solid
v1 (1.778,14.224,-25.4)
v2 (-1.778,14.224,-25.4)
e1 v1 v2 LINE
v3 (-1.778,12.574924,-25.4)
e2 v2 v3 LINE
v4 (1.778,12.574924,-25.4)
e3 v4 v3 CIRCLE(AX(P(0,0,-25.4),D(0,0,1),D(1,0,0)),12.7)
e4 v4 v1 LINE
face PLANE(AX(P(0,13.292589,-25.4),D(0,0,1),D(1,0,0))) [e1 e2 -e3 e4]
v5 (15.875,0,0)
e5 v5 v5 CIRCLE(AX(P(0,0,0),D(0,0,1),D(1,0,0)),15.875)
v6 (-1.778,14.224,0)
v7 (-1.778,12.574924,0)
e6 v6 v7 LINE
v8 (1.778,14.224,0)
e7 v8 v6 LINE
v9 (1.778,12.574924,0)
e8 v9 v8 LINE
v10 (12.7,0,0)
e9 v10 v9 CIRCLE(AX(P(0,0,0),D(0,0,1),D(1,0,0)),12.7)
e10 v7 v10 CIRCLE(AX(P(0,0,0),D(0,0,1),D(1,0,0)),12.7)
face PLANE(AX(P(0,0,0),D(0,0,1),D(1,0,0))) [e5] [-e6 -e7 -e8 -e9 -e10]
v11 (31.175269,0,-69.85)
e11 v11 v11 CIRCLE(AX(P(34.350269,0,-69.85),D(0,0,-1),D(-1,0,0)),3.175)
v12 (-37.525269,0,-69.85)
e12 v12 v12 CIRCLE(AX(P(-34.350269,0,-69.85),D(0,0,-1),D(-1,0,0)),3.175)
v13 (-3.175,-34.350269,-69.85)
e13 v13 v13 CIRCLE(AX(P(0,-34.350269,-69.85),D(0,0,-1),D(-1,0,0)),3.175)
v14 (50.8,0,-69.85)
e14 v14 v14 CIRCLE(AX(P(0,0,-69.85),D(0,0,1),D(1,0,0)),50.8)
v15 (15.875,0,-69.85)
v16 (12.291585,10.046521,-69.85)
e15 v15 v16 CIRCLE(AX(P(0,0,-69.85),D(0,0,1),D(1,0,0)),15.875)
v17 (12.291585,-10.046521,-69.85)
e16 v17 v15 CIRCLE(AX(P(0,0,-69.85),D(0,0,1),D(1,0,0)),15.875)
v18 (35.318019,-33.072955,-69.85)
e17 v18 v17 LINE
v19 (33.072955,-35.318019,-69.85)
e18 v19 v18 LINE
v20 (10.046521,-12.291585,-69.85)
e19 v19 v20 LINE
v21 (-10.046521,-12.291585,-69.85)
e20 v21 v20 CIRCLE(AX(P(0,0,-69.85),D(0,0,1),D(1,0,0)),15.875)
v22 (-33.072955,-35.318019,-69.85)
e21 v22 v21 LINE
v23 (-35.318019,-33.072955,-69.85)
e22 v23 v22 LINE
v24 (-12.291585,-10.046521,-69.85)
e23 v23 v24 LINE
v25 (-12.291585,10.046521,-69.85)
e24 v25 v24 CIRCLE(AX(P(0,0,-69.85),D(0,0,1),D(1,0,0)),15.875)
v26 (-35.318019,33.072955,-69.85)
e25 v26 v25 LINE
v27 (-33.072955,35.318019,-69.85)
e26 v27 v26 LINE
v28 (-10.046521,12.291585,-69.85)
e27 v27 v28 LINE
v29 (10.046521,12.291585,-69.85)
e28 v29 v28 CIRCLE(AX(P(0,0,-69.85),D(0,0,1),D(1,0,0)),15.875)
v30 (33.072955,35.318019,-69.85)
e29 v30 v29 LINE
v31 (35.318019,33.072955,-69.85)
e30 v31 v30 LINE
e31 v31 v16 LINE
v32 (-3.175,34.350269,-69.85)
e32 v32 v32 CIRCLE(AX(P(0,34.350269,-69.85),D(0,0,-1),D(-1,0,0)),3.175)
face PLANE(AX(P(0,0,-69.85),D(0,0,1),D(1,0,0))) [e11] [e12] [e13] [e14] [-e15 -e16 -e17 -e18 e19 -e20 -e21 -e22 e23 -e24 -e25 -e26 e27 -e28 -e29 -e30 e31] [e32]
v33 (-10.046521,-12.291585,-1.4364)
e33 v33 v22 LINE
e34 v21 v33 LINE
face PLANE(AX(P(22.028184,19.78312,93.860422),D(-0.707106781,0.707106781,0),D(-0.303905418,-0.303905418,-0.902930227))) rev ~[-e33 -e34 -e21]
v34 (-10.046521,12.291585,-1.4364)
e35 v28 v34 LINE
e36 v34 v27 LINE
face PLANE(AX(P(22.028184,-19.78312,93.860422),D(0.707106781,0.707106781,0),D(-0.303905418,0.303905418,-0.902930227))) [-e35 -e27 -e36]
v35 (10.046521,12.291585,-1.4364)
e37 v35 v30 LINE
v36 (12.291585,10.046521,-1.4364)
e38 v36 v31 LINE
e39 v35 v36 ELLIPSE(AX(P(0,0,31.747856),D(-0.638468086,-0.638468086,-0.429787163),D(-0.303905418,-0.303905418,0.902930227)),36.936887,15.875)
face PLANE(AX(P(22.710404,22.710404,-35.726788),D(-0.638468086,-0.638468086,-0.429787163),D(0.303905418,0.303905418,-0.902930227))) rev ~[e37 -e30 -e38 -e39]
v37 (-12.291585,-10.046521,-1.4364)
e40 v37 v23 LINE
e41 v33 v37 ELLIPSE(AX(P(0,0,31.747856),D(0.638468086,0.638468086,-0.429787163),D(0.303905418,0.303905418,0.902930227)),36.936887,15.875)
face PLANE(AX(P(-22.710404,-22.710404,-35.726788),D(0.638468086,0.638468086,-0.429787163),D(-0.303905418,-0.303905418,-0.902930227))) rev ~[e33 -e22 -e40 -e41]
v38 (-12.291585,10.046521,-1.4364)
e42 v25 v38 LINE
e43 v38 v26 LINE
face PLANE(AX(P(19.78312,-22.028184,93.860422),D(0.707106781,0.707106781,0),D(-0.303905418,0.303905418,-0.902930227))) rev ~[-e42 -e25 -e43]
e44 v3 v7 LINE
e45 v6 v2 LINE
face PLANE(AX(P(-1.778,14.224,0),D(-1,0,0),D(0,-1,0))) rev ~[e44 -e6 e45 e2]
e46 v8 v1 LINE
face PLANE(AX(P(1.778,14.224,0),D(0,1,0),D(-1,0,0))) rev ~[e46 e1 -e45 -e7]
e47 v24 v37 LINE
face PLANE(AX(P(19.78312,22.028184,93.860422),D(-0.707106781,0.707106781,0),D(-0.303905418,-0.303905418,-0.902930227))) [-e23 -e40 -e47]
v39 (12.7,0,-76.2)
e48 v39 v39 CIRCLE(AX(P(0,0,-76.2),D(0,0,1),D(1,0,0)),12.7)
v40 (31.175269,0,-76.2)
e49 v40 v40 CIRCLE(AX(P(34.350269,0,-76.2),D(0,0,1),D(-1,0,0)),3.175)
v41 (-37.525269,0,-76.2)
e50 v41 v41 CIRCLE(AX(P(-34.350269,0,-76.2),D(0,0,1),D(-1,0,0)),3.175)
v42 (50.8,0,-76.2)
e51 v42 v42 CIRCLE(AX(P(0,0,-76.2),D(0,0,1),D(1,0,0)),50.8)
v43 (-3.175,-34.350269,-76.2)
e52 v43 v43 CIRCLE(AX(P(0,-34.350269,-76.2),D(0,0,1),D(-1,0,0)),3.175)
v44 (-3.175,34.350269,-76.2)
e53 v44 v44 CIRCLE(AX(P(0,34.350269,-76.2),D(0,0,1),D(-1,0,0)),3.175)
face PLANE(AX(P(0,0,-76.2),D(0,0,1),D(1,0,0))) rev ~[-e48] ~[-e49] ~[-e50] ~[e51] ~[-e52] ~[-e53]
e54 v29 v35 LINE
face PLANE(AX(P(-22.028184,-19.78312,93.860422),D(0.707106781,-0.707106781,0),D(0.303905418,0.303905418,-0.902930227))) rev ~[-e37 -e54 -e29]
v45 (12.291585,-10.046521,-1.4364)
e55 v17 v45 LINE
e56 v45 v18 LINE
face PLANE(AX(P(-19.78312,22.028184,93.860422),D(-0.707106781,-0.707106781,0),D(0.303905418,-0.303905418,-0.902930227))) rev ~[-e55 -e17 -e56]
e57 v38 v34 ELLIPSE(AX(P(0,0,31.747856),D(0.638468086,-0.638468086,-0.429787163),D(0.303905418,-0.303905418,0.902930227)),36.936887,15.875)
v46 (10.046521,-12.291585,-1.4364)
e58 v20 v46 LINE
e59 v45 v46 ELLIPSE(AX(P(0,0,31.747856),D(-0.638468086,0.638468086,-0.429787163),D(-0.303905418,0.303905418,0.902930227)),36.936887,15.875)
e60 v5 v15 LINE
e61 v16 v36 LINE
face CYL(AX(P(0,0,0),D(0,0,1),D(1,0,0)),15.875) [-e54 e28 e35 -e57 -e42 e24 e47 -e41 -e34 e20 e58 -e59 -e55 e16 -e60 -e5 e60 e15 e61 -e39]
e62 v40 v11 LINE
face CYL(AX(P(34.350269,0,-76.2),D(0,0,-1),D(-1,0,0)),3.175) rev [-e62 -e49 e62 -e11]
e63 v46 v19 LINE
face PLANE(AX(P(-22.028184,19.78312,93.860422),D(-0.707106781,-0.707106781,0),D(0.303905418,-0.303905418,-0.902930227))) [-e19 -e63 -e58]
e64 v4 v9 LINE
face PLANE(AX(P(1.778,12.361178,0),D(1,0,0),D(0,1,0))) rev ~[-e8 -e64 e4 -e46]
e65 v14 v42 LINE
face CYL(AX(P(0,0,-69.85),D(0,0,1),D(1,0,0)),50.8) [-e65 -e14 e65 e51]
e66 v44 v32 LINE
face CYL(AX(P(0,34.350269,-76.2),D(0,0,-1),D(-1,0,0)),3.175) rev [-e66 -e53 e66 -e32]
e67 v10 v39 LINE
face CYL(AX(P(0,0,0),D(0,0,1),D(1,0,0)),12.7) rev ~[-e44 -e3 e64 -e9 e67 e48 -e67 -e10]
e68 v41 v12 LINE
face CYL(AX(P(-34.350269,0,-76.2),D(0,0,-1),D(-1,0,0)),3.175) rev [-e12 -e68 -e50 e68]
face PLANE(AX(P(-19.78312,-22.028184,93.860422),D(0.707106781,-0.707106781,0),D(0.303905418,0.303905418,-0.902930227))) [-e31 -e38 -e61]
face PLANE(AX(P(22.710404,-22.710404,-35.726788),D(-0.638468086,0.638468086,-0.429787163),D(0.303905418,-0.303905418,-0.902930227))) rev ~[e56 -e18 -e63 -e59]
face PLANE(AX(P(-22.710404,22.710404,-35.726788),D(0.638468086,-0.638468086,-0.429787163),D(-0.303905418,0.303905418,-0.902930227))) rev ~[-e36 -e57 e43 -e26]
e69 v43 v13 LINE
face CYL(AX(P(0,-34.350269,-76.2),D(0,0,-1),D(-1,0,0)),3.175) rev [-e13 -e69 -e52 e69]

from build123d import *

# Parameters (mm, degrees)
SKETCH1_R         = 15.875
SKETCH1_R_2       = 12.7
EXTRUDE1_DEPTH    = 76.2
EXTRUDE2_DEPTH    = 25.4
EXTRUDE3_START    = 6.35
SKETCH3_R         = 50.8
SKETCH3_R_2       = 15.875
EXTRUDE3_DEPTH    = 6.35
SKETCH4_R         = 3.175
EXTRUDE5_DEPTH    = 7.62
RIB4_REACH        = 106.727
SKETCH6_WALL_W    = 287.037040946
SKETCH6_WALL_H    = 3.175
CIRPATTERN1_COUNT = 4


with BuildPart() as part:
    # Sketch1 → Extrude1 (new body)
    with BuildSketch(Plane.XY):
        Circle(SKETCH1_R)
        Circle(SKETCH1_R_2, mode=Mode.SUBTRACT)
    extrude(amount=-EXTRUDE1_DEPTH)

    # Sketch2 → Extrude2 (cut)
    with BuildSketch(Plane.XY):
        Polygon((1.778, 12.7), (1.778, 14.224), (-1.778, 14.224), (-1.778, 12.7), (-1.778, 12.361177694), (1.778, 12.361177694), align=None)
    extrude(amount=-EXTRUDE2_DEPTH, mode=Mode.SUBTRACT)

    # Sketch3 → Extrude3 (add)
    with BuildSketch(Plane.XY.offset(-76.2).offset(EXTRUDE3_START)):
        Circle(SKETCH3_R)
        Circle(SKETCH3_R_2, mode=Mode.SUBTRACT)
    extrude(amount=-EXTRUDE3_DEPTH)

    # Sketch4 → Extrude5 (cut)
    with BuildSketch(Plane.XY.offset(-76.2)):
        with Locations(Location((0, 34.350268622, 0), (0, 0, 180))):
            Circle(SKETCH4_R)
        with Locations(Location((34.350268622, 0, 0), (0, 0, 180))):
            Circle(SKETCH4_R)
        with Locations(Location((0, -34.350268622, 0), (0, 0, 180))):
            Circle(SKETCH4_R)
        with Locations(Location((-34.350268622, 0, 0), (0, 0, 180))):
            Circle(SKETCH4_R)
    extrude(amount=EXTRUDE5_DEPTH, mode=Mode.SUBTRACT)

    # Sketch6 wall → Rib4 (add, up to next)
    with BuildSketch(Plane(origin=(22.710403549, -22.710403549, -35.726788107), x_dir=(0.303905417501, -0.303905417501, -0.902930226777), z_dir=(-0.638468086292, 0.638468086292, -0.429787163108)), mode=Mode.PRIVATE) as rib4_sk1:
        Rectangle(SKETCH6_WALL_W, SKETCH6_WALL_H)
    rib4_tool1 = extrude(rib4_sk1.sketch, amount=RIB4_REACH, mode=Mode.PRIVATE) - part.part
    rib4 = rib4_tool1.solids().sort_by_distance((22.710403549, -22.710403549, -35.726788107))[0]
    add(rib4)

    # CirPattern1: Rib4 ×4 about axis
    cirpattern1_axis = Axis((0, 0, 0), (0, 0, 1))
    for i in range(1, CIRPATTERN1_COUNT):
        add(rib4.rotate(cirpattern1_axis, i * 360 / CIRPATTERN1_COUNT))


solid = part.part
